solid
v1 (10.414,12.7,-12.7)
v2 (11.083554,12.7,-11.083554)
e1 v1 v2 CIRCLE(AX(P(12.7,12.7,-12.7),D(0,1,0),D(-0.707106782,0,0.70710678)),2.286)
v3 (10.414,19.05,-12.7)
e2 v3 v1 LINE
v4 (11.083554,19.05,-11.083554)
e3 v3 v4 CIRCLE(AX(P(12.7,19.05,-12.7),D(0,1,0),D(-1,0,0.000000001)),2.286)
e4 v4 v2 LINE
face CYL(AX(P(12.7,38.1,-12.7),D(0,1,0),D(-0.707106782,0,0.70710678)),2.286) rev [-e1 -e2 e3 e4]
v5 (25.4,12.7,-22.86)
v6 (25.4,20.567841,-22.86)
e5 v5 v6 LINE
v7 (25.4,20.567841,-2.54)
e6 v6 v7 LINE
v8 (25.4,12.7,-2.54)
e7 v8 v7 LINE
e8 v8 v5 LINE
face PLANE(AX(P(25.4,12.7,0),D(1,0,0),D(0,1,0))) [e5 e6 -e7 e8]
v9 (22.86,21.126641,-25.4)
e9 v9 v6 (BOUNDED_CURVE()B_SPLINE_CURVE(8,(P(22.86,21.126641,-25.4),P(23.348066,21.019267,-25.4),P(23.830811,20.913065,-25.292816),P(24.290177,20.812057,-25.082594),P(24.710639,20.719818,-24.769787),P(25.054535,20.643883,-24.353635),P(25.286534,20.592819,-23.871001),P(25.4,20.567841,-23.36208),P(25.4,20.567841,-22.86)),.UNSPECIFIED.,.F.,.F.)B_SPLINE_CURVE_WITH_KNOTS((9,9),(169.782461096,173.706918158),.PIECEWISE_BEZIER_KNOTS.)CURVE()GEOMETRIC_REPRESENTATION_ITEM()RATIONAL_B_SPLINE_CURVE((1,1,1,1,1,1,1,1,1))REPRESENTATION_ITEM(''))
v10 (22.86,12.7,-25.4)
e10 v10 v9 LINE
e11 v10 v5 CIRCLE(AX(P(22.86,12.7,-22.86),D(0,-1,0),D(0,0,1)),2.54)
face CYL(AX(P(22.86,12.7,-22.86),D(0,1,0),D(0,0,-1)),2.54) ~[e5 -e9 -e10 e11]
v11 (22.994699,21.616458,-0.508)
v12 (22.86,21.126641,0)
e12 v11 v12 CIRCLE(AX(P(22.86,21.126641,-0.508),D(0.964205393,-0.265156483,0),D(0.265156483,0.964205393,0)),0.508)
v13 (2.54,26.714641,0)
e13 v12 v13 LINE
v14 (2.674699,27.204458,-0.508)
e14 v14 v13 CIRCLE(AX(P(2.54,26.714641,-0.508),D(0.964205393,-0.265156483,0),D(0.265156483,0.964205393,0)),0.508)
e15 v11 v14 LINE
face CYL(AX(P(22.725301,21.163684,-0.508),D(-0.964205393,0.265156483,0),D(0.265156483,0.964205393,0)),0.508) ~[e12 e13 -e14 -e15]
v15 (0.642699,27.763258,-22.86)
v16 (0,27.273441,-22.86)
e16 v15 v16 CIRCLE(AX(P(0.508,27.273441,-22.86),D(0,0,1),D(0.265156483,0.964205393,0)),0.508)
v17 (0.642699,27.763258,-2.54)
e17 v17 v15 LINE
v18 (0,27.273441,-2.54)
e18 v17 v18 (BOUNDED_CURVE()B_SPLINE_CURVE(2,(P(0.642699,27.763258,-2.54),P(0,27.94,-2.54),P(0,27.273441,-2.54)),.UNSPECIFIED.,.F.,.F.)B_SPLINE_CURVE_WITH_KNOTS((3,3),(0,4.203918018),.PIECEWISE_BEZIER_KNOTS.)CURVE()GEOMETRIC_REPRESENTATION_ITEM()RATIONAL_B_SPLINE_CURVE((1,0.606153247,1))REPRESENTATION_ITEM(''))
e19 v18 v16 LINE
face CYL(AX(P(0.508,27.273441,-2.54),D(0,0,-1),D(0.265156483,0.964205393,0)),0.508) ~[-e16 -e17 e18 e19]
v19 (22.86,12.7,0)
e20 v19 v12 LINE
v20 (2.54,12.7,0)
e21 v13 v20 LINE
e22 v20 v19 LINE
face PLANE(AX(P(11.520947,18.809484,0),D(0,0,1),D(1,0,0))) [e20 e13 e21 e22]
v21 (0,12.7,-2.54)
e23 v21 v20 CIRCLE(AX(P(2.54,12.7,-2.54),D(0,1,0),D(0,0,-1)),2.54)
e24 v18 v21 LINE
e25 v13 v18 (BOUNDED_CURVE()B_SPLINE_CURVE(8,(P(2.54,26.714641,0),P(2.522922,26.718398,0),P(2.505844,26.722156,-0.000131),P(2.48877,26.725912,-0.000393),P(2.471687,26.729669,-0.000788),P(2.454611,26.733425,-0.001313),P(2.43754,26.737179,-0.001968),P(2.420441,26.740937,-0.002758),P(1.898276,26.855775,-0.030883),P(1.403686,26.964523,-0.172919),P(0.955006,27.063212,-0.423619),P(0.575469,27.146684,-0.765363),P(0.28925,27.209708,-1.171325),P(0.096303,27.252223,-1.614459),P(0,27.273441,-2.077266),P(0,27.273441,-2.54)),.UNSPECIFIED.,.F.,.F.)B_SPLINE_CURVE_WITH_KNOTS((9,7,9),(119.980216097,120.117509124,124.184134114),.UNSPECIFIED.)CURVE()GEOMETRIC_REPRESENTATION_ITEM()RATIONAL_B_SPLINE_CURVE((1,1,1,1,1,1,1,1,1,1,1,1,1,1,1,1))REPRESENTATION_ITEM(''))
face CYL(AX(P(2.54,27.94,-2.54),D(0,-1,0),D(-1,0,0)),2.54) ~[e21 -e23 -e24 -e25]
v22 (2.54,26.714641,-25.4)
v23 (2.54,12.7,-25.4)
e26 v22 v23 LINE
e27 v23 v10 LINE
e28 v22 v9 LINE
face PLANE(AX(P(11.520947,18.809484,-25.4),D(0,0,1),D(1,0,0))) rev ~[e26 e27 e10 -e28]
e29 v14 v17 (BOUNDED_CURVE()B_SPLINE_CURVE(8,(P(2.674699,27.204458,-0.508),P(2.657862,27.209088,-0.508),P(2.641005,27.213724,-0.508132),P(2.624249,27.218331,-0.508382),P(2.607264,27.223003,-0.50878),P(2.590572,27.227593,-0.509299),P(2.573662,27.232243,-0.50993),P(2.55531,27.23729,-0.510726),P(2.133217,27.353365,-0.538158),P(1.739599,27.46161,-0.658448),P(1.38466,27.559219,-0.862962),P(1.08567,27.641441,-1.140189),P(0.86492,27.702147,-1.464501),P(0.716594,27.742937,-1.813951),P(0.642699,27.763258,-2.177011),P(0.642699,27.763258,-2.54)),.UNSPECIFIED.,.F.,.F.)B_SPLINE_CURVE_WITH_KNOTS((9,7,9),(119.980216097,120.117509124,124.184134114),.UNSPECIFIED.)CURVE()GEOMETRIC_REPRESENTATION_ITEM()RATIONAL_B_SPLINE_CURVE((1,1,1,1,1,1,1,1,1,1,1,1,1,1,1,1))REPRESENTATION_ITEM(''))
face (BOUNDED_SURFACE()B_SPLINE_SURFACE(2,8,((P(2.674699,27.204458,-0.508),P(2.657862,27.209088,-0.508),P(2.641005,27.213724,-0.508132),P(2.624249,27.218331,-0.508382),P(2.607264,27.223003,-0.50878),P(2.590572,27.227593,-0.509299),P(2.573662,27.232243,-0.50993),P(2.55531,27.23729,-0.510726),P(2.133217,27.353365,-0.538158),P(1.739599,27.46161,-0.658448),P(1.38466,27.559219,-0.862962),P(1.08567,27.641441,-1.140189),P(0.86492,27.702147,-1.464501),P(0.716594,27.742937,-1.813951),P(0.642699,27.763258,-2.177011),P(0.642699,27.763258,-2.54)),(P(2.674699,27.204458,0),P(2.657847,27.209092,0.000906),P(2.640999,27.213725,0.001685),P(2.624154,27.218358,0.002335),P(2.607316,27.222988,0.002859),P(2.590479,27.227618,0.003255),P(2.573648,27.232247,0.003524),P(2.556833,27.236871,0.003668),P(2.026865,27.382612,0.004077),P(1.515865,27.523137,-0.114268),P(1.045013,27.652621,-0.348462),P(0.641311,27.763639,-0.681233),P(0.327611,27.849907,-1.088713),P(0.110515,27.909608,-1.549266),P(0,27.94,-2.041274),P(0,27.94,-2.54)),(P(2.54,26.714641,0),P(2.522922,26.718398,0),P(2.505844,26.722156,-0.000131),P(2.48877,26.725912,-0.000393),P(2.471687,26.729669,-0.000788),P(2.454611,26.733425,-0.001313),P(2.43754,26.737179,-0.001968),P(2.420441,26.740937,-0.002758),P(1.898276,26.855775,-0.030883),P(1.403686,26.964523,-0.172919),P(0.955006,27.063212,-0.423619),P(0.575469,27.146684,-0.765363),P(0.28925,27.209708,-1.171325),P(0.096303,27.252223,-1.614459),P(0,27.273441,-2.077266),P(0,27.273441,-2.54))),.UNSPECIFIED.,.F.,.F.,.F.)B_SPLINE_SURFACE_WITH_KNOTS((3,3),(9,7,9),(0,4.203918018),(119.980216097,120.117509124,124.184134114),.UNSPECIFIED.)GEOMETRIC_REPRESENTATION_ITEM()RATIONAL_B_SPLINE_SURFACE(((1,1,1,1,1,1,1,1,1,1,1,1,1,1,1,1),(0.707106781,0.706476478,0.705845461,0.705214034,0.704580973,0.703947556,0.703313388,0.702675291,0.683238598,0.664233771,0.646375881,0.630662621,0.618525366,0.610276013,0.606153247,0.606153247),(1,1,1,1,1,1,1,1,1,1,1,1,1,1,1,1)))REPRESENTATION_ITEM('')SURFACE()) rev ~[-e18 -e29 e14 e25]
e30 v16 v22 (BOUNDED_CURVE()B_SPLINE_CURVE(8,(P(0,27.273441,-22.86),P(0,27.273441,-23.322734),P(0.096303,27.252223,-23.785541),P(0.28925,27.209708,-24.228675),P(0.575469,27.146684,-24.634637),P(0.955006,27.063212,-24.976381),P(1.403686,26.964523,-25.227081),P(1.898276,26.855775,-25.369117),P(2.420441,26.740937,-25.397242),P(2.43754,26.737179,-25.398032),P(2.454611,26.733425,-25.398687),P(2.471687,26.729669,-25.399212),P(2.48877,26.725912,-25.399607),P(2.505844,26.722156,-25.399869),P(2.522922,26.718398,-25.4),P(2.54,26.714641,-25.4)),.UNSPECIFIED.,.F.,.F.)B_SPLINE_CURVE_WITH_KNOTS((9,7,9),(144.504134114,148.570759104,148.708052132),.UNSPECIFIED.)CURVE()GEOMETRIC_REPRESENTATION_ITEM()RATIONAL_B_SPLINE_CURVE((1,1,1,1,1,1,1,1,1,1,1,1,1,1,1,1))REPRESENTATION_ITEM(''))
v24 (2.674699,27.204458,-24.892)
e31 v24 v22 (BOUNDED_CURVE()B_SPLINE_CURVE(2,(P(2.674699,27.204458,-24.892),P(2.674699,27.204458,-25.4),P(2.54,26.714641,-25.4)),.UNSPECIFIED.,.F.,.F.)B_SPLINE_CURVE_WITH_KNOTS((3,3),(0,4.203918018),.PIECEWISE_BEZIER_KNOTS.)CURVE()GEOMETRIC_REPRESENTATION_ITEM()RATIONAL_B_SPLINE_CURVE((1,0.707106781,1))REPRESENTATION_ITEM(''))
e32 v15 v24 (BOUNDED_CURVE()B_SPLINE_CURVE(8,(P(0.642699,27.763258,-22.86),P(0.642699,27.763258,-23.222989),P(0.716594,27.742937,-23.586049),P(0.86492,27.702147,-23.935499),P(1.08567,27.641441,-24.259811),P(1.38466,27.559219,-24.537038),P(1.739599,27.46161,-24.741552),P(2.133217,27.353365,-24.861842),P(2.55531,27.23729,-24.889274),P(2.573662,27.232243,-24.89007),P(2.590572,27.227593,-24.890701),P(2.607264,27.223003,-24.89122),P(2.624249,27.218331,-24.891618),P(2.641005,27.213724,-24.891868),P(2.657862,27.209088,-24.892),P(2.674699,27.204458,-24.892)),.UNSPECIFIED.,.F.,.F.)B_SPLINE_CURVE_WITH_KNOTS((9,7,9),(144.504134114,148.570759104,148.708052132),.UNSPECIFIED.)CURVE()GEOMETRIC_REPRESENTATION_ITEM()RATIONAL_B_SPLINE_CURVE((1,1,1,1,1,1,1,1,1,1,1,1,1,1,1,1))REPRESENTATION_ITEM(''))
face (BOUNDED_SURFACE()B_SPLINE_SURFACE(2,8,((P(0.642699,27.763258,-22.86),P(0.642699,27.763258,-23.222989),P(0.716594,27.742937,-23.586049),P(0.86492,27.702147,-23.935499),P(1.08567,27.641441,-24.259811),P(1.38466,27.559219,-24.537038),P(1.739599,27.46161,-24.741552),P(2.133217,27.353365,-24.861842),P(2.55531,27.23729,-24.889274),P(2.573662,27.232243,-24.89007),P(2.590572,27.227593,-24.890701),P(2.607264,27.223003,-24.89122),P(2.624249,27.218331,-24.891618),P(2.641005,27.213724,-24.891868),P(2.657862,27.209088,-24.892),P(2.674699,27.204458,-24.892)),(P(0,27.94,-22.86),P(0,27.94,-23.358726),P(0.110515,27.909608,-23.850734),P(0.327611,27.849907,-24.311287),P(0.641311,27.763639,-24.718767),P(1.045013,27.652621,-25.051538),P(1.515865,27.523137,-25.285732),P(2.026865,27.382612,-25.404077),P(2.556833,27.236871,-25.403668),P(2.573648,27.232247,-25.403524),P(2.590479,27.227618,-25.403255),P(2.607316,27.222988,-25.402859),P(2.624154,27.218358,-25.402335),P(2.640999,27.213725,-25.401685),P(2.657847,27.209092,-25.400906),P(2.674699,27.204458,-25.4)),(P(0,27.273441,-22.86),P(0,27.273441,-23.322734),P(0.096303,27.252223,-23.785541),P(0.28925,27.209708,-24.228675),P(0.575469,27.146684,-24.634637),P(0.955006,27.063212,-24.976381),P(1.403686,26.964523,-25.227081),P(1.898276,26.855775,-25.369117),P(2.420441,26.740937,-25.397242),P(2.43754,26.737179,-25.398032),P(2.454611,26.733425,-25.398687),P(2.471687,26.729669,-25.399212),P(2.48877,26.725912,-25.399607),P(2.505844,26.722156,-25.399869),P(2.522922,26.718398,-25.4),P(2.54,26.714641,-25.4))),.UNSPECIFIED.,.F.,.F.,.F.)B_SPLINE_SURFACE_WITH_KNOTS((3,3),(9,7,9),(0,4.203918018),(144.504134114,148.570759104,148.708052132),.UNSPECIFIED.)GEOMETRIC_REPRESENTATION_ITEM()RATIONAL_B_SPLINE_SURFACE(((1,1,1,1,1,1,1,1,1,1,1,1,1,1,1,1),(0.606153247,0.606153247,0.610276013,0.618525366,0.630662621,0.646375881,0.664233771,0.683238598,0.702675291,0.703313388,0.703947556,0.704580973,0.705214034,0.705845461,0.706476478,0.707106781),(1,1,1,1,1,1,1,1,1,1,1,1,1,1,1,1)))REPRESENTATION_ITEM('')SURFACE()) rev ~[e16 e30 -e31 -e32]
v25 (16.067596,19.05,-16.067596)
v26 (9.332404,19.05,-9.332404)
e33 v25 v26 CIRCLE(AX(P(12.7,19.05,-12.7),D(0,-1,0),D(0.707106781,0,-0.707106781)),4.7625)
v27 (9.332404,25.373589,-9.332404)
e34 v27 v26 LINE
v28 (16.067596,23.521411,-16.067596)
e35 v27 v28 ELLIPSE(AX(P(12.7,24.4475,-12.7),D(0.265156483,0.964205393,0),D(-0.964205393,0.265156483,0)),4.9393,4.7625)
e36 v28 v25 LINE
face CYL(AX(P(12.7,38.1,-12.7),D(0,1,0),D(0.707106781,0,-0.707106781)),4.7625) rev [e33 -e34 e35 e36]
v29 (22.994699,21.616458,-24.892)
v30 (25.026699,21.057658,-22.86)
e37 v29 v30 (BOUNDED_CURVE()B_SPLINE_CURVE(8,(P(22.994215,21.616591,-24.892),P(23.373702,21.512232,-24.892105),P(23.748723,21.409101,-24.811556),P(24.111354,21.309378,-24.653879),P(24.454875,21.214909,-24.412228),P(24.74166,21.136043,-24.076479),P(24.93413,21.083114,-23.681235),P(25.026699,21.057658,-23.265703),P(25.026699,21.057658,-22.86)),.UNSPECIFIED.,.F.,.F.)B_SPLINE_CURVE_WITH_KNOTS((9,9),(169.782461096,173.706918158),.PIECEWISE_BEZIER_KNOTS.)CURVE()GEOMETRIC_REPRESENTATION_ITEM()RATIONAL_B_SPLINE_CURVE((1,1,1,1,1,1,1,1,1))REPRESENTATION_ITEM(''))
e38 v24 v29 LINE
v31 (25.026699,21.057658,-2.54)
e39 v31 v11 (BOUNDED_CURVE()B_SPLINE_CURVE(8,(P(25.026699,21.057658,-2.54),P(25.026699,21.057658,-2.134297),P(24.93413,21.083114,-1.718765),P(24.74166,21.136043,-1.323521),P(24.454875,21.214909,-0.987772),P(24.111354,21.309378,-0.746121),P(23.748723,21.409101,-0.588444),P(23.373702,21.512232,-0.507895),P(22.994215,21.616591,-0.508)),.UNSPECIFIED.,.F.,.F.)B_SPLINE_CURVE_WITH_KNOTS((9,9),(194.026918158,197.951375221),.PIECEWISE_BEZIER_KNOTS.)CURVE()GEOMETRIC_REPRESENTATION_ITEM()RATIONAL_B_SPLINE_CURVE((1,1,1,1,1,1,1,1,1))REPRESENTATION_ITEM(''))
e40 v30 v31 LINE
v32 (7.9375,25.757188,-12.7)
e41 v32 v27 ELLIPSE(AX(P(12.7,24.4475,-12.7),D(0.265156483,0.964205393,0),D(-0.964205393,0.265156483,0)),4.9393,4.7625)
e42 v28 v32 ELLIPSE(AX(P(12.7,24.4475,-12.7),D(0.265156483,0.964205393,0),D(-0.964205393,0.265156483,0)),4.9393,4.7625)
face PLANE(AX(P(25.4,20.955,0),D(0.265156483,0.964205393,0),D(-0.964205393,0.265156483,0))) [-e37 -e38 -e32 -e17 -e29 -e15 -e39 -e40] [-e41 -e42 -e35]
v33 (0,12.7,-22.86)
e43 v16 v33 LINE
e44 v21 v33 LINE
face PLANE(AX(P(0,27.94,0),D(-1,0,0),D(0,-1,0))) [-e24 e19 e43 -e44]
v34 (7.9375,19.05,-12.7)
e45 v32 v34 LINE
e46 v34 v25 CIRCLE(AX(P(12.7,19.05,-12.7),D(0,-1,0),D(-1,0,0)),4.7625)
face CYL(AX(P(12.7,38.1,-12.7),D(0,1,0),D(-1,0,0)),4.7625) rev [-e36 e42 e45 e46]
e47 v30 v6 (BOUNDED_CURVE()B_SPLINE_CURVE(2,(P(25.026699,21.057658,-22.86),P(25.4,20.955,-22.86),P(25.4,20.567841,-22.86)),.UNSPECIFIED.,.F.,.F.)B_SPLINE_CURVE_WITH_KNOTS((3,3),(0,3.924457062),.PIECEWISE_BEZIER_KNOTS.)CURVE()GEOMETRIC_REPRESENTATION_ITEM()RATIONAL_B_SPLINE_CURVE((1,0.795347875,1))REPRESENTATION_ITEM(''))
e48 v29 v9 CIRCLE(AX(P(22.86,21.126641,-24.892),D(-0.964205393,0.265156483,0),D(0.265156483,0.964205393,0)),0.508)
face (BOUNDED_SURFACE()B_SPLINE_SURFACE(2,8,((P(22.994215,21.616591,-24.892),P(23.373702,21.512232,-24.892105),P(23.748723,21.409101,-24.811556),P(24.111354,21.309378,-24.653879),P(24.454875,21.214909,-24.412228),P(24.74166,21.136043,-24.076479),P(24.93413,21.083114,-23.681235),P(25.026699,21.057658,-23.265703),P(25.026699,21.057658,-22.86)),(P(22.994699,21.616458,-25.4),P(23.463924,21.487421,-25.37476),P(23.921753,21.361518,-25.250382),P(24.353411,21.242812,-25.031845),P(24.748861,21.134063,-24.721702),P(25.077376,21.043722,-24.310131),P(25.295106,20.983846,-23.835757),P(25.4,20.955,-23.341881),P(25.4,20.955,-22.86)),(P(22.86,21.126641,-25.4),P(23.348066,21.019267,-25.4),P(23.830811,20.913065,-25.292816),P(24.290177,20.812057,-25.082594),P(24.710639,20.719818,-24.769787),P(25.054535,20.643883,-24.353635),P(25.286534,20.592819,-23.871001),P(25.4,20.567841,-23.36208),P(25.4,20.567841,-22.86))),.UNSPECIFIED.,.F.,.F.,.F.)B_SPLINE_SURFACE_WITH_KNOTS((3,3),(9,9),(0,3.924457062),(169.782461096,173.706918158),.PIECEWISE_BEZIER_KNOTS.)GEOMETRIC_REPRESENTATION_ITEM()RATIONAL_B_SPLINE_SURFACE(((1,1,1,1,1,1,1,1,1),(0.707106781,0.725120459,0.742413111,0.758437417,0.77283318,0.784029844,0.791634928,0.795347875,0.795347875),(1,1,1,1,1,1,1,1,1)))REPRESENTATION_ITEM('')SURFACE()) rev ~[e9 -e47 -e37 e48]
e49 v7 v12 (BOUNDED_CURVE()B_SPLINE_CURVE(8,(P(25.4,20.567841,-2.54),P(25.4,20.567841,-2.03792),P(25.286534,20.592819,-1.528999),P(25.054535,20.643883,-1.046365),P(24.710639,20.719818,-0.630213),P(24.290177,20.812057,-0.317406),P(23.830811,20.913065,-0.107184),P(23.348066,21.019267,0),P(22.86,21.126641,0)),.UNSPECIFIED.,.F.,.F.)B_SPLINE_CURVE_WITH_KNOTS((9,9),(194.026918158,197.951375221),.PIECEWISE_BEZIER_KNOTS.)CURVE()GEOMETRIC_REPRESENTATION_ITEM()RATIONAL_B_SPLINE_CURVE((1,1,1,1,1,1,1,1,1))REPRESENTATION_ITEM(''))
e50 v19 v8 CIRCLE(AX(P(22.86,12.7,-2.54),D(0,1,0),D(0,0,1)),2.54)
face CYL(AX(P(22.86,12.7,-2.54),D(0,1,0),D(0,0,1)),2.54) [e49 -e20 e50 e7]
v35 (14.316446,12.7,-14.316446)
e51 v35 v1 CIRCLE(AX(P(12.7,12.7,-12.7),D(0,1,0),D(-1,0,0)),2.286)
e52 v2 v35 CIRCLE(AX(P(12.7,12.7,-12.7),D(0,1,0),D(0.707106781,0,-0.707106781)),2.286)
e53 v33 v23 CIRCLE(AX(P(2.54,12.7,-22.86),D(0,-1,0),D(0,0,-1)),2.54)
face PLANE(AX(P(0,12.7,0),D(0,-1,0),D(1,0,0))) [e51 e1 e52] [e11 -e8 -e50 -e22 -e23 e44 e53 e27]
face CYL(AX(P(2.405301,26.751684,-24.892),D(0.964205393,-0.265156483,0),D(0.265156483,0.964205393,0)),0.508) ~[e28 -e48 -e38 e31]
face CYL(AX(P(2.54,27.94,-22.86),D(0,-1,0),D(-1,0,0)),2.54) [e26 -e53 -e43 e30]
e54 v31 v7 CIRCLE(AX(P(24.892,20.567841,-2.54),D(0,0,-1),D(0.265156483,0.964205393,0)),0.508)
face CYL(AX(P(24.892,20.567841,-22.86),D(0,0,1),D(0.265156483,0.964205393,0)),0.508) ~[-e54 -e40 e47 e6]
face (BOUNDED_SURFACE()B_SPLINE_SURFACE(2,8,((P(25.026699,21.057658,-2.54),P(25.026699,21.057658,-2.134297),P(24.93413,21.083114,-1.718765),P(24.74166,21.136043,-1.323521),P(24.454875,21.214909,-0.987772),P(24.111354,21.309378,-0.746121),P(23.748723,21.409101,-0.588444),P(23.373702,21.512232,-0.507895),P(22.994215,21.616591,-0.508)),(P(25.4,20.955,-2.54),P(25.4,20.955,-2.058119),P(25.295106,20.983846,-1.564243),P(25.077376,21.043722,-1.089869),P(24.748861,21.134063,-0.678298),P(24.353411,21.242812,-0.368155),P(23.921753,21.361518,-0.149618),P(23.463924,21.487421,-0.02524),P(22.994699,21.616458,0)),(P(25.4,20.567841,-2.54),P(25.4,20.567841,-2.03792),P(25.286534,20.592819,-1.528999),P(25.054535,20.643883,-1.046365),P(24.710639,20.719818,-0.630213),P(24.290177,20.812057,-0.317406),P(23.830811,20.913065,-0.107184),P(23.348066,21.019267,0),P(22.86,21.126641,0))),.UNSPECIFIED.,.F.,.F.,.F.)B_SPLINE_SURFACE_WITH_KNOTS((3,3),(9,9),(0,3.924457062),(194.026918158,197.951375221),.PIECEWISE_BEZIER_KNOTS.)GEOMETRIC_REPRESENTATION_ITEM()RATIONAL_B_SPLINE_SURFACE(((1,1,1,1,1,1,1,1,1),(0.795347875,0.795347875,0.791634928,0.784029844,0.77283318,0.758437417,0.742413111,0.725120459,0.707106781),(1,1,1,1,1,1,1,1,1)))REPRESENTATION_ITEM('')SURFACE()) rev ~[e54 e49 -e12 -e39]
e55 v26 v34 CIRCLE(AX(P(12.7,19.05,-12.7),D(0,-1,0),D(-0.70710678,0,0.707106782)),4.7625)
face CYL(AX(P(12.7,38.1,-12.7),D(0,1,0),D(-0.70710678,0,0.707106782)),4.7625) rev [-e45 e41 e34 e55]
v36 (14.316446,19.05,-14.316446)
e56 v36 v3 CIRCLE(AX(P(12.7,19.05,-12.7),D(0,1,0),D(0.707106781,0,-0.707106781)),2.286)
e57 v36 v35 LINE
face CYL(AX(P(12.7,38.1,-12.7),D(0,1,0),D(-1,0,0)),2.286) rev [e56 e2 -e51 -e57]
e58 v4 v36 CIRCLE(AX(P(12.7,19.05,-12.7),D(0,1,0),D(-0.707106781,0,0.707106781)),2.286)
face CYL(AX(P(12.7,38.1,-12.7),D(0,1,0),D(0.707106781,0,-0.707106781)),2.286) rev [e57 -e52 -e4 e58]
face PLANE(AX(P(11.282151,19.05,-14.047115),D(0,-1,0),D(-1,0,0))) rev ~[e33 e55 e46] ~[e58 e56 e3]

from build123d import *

# Parameters (mm, degrees)
BOSS_EXTRUDE1_DEPTH = 25.4
CUT_EXTRUDE1_DEPTH  = 44.994090512
CUT_EXTRUDE2_DEPTH  = 19.05
FILLET1_R           = 2.54
FILLET2_R           = 0.508


with BuildPart() as part:
    # Sketch1 → Boss-Extrude1 (new body)
    with BuildSketch(Plane.XY):
        Polygon((0, 27.94), (0, 12.7), (25.4, 12.7), (25.4, 20.955), align=None)
    extrude(amount=-BOSS_EXTRUDE1_DEPTH)

    # Sketch2 → Cut-Extrude1 (cut, through all)
    with BuildSketch(Plane(origin=(0, 38.1, 0), x_dir=(-1, 0, 0), z_dir=(0, -1, 0))):
        with BuildLine():
            ThreePointArc((-10.414, 12.7), (-11.825185674, 14.811988611), (-14.316446102, 14.316446102))
            Line((-14.316446102, 14.316446102), (-11.083553898, 11.083553898))
            ThreePointArc((-11.083553898, 11.083553898), (-10.588011389, 11.825185674), (-10.414, 12.7))
        make_face()
        with BuildLine():
            Line((-11.083553898, 11.083553898), (-14.316446102, 14.316446102))
            ThreePointArc((-14.316446102, 14.316446102), (-14.316446102, 11.083553898), (-11.083553898, 11.083553898))
        make_face()
    extrude(amount=CUT_EXTRUDE1_DEPTH, mode=Mode.SUBTRACT)

    # Sketch2<3> → Cut-Extrude2 (cut)
    with BuildSketch(Plane(origin=(0, 38.1, 0), x_dir=(-1, 0, 0), z_dir=(0, -1, 0))):
        with BuildLine():
            ThreePointArc((-7.9375, 12.7), (-10.877470153, 17.099976274), (-16.067596045, 16.067596045))
            Line((-16.067596045, 16.067596045), (-14.316446102, 14.316446102))
            ThreePointArc((-14.316446102, 14.316446102), (-11.825185674, 14.811988611), (-10.414, 12.7))
            ThreePointArc((-10.414, 12.7), (-10.588011389, 11.825185674), (-11.083553898, 11.083553898))
            Line((-11.083553898, 11.083553898), (-9.332403955, 9.332403955))
            ThreePointArc((-9.332403955, 9.332403955), (-8.300023726, 10.877470153), (-7.9375, 12.7))
        make_face()
        with BuildLine():
            Line((-14.316446102, 14.316446102), (-16.067596045, 16.067596045))
            ThreePointArc((-16.067596045, 16.067596045), (-16.067596045, 9.332403955), (-9.332403955, 9.332403955))
            Line((-9.332403955, 9.332403955), (-11.083553898, 11.083553898))
            ThreePointArc((-11.083553898, 11.083553898), (-14.316446102, 11.083553898), (-14.316446102, 14.316446102))
        make_face()
    extrude(amount=CUT_EXTRUDE2_DEPTH, mode=Mode.SUBTRACT)

    # Fillet1
    fillet1_edges = [part.edges().sort_by_distance(p)[0] for p in [
        (25.4, 16.8275, -25.4),
        (25.4, 16.8275, 0),
        (0, 20.32, 0),
        (0, 20.32, -25.4),
    ]]
    fillet(fillet1_edges, radius=FILLET1_R)

    # Fillet2
    fillet2_edges = [part.edges().sort_by_distance(p)[0] for p in [
        (12.7, 24.4475, 0),
        (0, 27.94, -12.7),
        (25.4, 20.955, -12.7),
        (12.7, 24.4475, -25.4),
        (24.639618159, 21.164105006, -0.727664709),
        (24.639618159, 21.164105006, -24.672335291),
        (0.760381841, 27.730894994, -24.672335291),
        (0.760381841, 27.730894994, -0.727664709),
    ]]
    fillet(fillet2_edges, radius=FILLET2_R)


solid = part.part
